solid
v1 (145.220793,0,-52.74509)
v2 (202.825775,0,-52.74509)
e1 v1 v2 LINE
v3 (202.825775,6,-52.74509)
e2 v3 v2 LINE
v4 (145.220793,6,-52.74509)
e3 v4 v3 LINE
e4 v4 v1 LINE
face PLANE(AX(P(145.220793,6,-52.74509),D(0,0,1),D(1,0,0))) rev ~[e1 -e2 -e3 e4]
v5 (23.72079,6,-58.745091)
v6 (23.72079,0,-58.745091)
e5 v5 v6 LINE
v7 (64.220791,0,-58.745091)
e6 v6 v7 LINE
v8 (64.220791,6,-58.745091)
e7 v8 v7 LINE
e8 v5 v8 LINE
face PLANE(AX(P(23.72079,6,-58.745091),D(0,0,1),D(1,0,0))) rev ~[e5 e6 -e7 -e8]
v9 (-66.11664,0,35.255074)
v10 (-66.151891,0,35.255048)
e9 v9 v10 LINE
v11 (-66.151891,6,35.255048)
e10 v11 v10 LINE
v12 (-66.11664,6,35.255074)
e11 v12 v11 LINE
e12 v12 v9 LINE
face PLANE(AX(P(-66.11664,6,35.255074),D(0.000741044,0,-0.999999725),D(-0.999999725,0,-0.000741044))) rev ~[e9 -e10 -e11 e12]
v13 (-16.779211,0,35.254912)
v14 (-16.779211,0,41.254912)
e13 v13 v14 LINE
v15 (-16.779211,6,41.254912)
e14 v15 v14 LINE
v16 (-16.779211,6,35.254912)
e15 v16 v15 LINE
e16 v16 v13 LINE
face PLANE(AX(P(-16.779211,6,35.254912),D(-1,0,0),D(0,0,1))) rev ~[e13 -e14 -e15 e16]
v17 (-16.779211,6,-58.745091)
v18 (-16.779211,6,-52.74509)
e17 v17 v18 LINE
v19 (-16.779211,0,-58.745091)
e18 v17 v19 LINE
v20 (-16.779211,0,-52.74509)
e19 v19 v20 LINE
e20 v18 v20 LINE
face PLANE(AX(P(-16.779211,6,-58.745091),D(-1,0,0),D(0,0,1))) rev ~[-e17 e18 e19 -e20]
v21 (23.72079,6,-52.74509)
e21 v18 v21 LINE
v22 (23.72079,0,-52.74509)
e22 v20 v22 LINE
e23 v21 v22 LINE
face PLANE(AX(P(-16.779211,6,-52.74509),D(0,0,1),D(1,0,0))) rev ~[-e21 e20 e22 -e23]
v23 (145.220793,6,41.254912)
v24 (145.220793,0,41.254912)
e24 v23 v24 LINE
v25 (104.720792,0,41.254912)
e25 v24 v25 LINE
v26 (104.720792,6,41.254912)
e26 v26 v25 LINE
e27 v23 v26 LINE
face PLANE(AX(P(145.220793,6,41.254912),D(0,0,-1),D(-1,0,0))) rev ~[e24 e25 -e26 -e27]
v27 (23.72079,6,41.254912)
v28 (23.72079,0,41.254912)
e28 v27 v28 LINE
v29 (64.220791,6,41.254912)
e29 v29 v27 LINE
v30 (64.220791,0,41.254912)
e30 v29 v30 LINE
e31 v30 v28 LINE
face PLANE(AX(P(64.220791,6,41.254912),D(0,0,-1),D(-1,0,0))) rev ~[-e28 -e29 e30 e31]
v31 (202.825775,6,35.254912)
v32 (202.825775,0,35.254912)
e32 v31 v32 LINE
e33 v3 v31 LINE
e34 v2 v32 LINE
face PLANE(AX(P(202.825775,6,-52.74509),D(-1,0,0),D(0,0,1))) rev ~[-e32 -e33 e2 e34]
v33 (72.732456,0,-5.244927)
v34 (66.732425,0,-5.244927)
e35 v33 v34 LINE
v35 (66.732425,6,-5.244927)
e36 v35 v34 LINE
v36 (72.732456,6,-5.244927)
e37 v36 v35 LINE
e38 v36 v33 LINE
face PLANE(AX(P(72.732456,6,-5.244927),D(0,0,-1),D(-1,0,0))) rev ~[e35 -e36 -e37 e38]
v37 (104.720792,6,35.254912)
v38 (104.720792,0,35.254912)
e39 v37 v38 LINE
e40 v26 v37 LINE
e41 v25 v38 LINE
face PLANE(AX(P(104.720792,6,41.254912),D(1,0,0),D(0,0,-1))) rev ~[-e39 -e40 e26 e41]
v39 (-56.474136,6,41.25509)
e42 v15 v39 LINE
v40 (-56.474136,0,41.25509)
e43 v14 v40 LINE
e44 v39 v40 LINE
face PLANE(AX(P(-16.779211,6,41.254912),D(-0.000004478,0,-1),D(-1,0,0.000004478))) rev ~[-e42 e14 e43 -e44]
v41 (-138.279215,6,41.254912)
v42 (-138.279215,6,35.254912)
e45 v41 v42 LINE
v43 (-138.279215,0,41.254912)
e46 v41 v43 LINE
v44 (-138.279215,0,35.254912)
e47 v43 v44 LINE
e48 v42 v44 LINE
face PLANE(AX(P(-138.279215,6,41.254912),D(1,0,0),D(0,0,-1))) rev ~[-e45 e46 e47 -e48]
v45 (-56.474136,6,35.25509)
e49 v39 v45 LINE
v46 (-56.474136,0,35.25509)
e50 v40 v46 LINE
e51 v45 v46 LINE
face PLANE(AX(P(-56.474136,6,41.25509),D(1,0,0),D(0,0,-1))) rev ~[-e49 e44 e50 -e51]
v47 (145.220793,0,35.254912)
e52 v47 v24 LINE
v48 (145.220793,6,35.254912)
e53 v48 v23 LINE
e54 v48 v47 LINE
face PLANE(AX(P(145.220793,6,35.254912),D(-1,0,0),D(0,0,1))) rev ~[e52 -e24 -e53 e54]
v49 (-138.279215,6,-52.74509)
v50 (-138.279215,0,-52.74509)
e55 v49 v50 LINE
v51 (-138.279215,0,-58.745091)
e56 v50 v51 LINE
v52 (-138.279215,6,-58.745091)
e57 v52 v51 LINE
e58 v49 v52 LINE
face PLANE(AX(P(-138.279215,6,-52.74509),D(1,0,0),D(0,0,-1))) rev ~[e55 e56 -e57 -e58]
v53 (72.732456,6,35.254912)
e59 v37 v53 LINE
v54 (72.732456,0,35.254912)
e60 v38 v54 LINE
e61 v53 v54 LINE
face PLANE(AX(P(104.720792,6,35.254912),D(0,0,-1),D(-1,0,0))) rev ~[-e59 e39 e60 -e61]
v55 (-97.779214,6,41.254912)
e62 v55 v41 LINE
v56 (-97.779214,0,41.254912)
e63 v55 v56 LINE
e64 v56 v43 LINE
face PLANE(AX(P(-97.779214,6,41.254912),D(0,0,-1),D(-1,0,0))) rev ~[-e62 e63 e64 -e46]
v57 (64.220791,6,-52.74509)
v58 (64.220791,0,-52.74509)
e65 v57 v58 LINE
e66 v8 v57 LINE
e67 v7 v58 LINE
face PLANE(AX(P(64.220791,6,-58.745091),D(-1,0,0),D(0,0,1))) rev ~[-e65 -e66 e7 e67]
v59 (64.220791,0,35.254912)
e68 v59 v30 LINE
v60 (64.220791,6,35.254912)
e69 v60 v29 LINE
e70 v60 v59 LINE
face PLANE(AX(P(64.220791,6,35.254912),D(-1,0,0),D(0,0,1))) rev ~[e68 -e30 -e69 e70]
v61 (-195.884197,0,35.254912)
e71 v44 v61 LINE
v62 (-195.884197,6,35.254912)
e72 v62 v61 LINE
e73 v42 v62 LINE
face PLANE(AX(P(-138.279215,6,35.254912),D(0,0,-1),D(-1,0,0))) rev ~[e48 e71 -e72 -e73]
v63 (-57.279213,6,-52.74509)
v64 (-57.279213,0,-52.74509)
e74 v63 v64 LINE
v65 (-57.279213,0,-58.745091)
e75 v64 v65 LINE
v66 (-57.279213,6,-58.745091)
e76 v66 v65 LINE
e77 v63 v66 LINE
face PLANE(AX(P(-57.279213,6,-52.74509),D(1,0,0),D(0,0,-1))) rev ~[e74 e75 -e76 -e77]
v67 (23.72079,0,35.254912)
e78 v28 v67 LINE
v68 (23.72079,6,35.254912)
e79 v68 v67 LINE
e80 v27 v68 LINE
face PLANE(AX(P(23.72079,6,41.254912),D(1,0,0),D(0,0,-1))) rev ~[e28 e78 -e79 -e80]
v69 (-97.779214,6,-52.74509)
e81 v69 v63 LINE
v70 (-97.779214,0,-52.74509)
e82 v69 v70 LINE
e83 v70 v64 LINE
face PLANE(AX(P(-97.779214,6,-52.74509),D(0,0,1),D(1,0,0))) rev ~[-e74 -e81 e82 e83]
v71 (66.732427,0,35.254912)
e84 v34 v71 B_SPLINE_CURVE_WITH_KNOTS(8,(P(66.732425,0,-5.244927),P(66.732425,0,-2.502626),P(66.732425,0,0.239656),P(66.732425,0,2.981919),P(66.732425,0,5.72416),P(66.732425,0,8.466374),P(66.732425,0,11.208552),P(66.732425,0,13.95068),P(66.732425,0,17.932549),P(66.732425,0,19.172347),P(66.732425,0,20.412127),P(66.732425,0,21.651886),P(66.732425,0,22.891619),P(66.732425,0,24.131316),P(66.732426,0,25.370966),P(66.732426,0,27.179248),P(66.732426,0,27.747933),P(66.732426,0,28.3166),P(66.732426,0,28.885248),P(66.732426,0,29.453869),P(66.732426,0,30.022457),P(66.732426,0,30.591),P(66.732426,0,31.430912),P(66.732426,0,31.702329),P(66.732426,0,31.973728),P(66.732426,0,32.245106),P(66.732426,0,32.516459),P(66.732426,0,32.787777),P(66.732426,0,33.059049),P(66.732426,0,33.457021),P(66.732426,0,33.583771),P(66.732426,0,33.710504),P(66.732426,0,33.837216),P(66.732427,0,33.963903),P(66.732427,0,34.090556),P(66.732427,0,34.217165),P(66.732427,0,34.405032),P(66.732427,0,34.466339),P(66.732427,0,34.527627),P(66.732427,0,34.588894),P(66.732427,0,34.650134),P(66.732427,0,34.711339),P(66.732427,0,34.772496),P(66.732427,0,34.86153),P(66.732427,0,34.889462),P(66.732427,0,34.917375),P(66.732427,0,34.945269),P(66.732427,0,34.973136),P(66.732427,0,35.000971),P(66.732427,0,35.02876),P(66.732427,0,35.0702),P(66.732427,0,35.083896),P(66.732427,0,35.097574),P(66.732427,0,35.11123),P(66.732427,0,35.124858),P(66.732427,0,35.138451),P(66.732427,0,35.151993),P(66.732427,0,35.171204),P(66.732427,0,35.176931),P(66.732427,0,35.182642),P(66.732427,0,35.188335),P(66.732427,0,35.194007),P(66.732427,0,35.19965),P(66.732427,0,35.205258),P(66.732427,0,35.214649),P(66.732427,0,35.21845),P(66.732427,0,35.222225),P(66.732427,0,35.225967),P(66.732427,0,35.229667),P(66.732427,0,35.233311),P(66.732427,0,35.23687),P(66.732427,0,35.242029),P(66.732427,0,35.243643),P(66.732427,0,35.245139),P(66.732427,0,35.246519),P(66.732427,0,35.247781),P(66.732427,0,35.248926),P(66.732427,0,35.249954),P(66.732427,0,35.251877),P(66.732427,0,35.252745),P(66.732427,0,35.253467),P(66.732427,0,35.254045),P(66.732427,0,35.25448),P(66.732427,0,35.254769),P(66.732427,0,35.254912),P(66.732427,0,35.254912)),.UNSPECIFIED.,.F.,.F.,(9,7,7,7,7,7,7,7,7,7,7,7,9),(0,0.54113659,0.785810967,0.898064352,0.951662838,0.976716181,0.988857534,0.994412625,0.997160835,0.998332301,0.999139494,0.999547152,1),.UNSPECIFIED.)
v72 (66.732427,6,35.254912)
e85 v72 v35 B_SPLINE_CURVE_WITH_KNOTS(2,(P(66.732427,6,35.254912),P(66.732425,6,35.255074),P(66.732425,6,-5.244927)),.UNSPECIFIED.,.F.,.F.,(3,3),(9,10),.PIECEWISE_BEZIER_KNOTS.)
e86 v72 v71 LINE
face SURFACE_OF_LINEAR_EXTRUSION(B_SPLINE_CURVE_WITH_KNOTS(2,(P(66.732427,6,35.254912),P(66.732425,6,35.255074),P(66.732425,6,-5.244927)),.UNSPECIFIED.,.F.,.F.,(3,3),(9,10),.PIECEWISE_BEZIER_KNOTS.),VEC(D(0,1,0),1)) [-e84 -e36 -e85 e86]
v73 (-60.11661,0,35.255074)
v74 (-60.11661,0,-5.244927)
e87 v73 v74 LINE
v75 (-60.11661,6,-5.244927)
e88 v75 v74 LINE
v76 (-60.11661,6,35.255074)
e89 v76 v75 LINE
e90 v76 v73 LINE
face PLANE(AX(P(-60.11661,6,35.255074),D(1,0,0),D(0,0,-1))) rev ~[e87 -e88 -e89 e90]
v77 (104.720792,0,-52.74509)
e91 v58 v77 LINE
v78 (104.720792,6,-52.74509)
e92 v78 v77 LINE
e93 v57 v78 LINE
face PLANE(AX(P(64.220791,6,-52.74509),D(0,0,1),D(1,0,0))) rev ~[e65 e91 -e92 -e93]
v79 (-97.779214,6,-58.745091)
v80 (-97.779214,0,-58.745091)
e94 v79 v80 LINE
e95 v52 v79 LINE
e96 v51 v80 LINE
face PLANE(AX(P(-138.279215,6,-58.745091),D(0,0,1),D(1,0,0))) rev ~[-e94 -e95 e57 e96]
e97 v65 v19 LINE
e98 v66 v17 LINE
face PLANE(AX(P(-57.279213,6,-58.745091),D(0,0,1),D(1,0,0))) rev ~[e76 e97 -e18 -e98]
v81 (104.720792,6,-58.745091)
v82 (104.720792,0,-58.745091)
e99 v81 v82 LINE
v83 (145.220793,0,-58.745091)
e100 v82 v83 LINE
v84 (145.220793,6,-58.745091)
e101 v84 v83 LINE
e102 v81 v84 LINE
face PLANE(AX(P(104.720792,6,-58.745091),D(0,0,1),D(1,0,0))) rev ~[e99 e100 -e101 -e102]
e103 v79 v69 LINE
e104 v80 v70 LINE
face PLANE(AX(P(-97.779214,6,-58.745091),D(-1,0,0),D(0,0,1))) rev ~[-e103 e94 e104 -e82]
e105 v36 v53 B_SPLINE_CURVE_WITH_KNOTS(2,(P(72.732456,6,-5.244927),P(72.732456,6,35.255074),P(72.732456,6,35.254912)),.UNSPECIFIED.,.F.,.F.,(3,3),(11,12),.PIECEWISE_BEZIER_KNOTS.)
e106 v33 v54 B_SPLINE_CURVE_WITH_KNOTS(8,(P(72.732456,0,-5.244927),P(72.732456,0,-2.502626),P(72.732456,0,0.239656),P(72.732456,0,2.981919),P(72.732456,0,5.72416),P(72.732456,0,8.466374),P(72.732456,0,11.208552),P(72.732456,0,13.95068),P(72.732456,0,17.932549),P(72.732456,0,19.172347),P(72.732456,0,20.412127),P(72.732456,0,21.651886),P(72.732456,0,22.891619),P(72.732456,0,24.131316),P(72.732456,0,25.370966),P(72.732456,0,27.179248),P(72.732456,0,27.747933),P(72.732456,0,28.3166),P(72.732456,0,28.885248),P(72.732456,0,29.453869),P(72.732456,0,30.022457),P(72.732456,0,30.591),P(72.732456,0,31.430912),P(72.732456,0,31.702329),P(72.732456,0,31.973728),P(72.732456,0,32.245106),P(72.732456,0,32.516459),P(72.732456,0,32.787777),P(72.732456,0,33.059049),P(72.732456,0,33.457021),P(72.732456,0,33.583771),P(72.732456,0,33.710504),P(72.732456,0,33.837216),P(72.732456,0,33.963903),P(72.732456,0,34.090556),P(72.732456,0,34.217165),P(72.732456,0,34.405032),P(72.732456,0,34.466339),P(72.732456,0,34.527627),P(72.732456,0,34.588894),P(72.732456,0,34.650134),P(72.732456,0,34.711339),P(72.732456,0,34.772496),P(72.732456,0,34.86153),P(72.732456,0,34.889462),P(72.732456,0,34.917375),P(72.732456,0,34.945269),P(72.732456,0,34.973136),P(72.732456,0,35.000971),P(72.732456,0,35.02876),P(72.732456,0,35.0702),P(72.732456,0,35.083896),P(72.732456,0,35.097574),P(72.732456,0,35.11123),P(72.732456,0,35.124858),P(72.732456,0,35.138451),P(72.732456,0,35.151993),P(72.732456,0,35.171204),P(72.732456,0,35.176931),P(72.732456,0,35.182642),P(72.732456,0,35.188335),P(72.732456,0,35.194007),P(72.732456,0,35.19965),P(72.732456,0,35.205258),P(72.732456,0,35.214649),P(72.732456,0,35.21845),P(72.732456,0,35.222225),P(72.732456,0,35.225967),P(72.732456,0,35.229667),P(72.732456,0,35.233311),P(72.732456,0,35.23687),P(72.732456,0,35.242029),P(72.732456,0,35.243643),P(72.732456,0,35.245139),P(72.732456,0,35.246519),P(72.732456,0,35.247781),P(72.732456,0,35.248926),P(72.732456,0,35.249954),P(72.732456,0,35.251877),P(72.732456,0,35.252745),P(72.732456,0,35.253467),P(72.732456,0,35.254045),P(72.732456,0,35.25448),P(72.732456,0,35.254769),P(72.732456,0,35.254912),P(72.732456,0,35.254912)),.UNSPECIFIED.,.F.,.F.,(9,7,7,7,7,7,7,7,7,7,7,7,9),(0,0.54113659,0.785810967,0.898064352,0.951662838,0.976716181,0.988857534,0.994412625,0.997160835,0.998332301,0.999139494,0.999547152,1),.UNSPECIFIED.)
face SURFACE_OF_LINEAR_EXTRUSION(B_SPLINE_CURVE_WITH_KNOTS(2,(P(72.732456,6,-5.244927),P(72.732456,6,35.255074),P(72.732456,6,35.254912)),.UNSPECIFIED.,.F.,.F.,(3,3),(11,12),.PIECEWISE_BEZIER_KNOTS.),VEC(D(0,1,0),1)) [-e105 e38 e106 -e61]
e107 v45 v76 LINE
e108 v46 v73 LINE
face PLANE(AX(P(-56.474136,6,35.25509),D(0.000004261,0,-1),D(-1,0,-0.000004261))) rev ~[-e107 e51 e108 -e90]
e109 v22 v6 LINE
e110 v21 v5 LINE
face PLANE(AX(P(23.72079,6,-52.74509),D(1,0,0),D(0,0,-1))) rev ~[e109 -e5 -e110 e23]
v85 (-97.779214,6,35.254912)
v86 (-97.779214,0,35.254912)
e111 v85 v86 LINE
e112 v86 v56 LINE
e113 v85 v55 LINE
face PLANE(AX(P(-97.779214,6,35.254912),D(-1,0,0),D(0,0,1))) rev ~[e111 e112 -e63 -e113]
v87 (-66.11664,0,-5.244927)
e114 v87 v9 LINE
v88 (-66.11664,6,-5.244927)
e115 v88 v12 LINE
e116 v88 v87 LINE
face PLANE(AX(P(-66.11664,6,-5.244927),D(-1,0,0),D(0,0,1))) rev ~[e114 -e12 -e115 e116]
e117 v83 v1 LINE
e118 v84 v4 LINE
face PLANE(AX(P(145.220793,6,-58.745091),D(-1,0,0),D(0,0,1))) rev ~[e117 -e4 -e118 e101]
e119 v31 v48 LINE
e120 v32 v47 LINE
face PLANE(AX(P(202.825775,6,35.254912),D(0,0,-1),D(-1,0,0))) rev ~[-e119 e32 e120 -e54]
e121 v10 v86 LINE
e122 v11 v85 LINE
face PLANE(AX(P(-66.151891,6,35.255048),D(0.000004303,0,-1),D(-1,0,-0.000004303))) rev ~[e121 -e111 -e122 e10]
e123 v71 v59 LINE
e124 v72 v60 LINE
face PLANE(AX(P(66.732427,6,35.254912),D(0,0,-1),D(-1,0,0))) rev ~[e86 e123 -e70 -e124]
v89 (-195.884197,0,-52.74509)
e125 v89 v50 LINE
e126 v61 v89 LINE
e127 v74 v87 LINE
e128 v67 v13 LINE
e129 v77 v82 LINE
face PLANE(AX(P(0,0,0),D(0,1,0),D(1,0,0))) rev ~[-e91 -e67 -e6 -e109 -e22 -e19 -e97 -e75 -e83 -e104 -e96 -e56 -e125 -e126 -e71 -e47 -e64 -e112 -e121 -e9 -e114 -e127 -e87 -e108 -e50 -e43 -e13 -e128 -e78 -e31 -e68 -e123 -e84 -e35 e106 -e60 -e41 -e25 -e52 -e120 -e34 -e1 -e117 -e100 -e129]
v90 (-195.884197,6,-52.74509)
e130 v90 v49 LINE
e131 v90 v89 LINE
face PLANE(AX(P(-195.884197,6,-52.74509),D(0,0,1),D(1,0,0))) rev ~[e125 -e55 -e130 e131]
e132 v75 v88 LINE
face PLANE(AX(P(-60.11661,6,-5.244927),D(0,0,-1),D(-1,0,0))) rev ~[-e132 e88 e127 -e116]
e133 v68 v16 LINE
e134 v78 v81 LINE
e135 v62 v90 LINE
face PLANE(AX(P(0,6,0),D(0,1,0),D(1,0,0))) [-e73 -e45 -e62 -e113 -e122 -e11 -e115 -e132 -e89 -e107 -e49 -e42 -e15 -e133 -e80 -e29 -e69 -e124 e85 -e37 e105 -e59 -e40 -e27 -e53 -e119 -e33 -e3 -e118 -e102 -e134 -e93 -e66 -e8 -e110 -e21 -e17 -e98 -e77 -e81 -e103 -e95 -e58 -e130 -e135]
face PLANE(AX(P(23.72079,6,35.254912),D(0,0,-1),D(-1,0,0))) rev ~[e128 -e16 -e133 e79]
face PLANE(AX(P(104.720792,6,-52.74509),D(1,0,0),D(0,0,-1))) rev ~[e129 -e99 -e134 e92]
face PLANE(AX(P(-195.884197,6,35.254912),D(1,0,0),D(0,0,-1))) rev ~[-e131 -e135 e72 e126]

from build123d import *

# Parameters (mm, degrees)
SKETCH1_W           = 500
SKETCH1_H           = 400
BOSS_EXTRUDE1_DEPTH = 6
SKETCH10_W          = 500
SKETCH10_H          = 400
CUT_EXTRUDE4_DEPTH  = 321.21242949


with BuildPart() as part:
    # Sketch1 → Boss-Extrude1 (new body)
    with BuildSketch(Plane(origin=(0, 0, 0), x_dir=(1, 0, 0), z_dir=(0, 1, 0))):
        Rectangle(SKETCH1_W, SKETCH1_H)
    extrude(amount=BOSS_EXTRUDE1_DEPTH)

    # Sketch10 → Cut-Extrude4 (cut, through all)
    with BuildSketch(Plane(origin=(0, 6, 0), x_dir=(1, 0, 0), z_dir=(0, 1, 0))):
        Rectangle(SKETCH10_W, SKETCH10_H)
        with BuildLine():
            Line((-56.474136069, -35.255089794), (-60.116609751, -35.255074272))
            Line((-60.116609751, -35.255074272), (-60.116609751, 5.244926844))
            Line((-60.116609751, 5.244926844), (-66.116640434, 5.244926844))
            Line((-66.116640434, 5.244926844), (-66.116640434, -35.255074272))
            Line((-66.116640434, -35.255074272), (-66.151890674, -35.25504815))
            Line((-66.151890674, -35.25504815), (-97.779213654, -35.254912055))
            Line((-97.779213654, -35.254912055), (-97.779213654, -41.25491222))
            Line((-97.779213654, -41.25491222), (-138.27921477, -41.25491222))
            Line((-138.27921477, -41.25491222), (-138.27921477, -35.254912055))
            Line((-138.27921477, -35.254912055), (-195.884196827, -35.254912055))
            Line((-195.884196827, -35.254912055), (-195.884196827, -11.505116755))
            Line((-195.884196827, -11.505116755), (-195.884196827, -11.5049114))
            Line((-195.884196827, -11.5049114), (-195.884196827, 28.994884362))
            Line((-195.884196827, 28.994884362), (-195.884196827, 28.995089716))
            Line((-195.884196827, 28.995089716), (-195.884196827, 52.745090371))
            Line((-195.884196827, 52.745090371), (-178.779215887, 52.745090371))
            Line((-178.779215887, 52.745090371), (-138.27921477, 52.745090371))
            Line((-138.27921477, 52.745090371), (-138.27921477, 58.745090537))
            Line((-138.27921477, 58.745090537), (-97.779213654, 58.745090537))
            Line((-97.779213654, 58.745090537), (-97.779213654, 52.745090371))
            Line((-97.779213654, 52.745090371), (-57.279212537, 52.745090371))
            Line((-57.279212537, 52.745090371), (-57.279212537, 58.745090537))
            Line((-57.279212537, 58.745090537), (-16.779211421, 58.745090537))
            Line((-16.779211421, 58.745090537), (-16.779211421, 52.745090371))
            Line((-16.779211421, 52.745090371), (23.720789695, 52.745090371))
            Line((23.720789695, 52.745090371), (23.720789695, 58.745090537))
            Line((23.720789695, 58.745090537), (64.220790812, 58.745090537))
            Line((64.220790812, 58.745090537), (64.220790812, 52.745090371))
            Line((64.220790812, 52.745090371), (104.720791928, 52.745090371))
            Line((104.720791928, 52.745090371), (104.720791928, 58.745090537))
            Line((104.720791928, 58.745090537), (145.220793045, 58.745090537))
            Line((145.220793045, 58.745090537), (145.220793045, 52.745090371))
            Line((145.220793045, 52.745090371), (202.825775101, 52.745090371))
            Line((202.825775101, 52.745090371), (202.825775101, 28.995089716))
            Line((202.825775101, 28.995089716), (202.825775101, -11.5049114))
            Line((202.825775101, -11.5049114), (202.825775101, -35.254912055))
            Line((202.825775101, -35.254912055), (185.720794161, -35.254912055))
            Line((185.720794161, -35.254912055), (145.220793045, -35.254912055))
            Line((145.220793045, -35.254912055), (145.220793045, -41.25491222))
            Line((145.220793045, -41.25491222), (104.720791928, -41.25491222))
            Line((104.720791928, -41.25491222), (104.720791928, -35.254912055))
            Line((104.720791928, -35.254912055), (72.732455527, -35.254912055))
            add(Edge.make_bspline(
                [(72.732455674, 5.244926844), (72.732455674, -35.255074272), (72.732455527, -35.254912055)],
                knots=[11, 11, 11, 12, 12, 12], degree=2))
            Line((72.732455674, 5.244926844), (66.732424991, 5.244926844))
            add(Edge.make_bspline(
                [(66.732427246, -35.254912055), (66.732424991, -35.255074272), (66.732424991, 5.244926844)],
                knots=[9, 9, 9, 10, 10, 10], degree=2))
            Line((66.732427246, -35.254912055), (64.220790812, -35.254912055))
            Line((64.220790812, -35.254912055), (64.220790812, -41.25491222))
            Line((64.220790812, -41.25491222), (23.720789695, -41.25491222))
            Line((23.720789695, -41.25491222), (23.720789695, -35.254912055))
            Line((23.720789695, -35.254912055), (-16.779211421, -35.254912055))
            Line((-16.779211421, -35.254912055), (-16.779211421, -41.25491222))
            Line((-16.779211421, -41.25491222), (-56.474136069, -41.25508996))
            Line((-56.474136069, -41.25508996), (-56.474136069, -35.255089794))
        make_face(mode=Mode.SUBTRACT)
    extrude(amount=-CUT_EXTRUDE4_DEPTH, mode=Mode.SUBTRACT)


solid = part.part
